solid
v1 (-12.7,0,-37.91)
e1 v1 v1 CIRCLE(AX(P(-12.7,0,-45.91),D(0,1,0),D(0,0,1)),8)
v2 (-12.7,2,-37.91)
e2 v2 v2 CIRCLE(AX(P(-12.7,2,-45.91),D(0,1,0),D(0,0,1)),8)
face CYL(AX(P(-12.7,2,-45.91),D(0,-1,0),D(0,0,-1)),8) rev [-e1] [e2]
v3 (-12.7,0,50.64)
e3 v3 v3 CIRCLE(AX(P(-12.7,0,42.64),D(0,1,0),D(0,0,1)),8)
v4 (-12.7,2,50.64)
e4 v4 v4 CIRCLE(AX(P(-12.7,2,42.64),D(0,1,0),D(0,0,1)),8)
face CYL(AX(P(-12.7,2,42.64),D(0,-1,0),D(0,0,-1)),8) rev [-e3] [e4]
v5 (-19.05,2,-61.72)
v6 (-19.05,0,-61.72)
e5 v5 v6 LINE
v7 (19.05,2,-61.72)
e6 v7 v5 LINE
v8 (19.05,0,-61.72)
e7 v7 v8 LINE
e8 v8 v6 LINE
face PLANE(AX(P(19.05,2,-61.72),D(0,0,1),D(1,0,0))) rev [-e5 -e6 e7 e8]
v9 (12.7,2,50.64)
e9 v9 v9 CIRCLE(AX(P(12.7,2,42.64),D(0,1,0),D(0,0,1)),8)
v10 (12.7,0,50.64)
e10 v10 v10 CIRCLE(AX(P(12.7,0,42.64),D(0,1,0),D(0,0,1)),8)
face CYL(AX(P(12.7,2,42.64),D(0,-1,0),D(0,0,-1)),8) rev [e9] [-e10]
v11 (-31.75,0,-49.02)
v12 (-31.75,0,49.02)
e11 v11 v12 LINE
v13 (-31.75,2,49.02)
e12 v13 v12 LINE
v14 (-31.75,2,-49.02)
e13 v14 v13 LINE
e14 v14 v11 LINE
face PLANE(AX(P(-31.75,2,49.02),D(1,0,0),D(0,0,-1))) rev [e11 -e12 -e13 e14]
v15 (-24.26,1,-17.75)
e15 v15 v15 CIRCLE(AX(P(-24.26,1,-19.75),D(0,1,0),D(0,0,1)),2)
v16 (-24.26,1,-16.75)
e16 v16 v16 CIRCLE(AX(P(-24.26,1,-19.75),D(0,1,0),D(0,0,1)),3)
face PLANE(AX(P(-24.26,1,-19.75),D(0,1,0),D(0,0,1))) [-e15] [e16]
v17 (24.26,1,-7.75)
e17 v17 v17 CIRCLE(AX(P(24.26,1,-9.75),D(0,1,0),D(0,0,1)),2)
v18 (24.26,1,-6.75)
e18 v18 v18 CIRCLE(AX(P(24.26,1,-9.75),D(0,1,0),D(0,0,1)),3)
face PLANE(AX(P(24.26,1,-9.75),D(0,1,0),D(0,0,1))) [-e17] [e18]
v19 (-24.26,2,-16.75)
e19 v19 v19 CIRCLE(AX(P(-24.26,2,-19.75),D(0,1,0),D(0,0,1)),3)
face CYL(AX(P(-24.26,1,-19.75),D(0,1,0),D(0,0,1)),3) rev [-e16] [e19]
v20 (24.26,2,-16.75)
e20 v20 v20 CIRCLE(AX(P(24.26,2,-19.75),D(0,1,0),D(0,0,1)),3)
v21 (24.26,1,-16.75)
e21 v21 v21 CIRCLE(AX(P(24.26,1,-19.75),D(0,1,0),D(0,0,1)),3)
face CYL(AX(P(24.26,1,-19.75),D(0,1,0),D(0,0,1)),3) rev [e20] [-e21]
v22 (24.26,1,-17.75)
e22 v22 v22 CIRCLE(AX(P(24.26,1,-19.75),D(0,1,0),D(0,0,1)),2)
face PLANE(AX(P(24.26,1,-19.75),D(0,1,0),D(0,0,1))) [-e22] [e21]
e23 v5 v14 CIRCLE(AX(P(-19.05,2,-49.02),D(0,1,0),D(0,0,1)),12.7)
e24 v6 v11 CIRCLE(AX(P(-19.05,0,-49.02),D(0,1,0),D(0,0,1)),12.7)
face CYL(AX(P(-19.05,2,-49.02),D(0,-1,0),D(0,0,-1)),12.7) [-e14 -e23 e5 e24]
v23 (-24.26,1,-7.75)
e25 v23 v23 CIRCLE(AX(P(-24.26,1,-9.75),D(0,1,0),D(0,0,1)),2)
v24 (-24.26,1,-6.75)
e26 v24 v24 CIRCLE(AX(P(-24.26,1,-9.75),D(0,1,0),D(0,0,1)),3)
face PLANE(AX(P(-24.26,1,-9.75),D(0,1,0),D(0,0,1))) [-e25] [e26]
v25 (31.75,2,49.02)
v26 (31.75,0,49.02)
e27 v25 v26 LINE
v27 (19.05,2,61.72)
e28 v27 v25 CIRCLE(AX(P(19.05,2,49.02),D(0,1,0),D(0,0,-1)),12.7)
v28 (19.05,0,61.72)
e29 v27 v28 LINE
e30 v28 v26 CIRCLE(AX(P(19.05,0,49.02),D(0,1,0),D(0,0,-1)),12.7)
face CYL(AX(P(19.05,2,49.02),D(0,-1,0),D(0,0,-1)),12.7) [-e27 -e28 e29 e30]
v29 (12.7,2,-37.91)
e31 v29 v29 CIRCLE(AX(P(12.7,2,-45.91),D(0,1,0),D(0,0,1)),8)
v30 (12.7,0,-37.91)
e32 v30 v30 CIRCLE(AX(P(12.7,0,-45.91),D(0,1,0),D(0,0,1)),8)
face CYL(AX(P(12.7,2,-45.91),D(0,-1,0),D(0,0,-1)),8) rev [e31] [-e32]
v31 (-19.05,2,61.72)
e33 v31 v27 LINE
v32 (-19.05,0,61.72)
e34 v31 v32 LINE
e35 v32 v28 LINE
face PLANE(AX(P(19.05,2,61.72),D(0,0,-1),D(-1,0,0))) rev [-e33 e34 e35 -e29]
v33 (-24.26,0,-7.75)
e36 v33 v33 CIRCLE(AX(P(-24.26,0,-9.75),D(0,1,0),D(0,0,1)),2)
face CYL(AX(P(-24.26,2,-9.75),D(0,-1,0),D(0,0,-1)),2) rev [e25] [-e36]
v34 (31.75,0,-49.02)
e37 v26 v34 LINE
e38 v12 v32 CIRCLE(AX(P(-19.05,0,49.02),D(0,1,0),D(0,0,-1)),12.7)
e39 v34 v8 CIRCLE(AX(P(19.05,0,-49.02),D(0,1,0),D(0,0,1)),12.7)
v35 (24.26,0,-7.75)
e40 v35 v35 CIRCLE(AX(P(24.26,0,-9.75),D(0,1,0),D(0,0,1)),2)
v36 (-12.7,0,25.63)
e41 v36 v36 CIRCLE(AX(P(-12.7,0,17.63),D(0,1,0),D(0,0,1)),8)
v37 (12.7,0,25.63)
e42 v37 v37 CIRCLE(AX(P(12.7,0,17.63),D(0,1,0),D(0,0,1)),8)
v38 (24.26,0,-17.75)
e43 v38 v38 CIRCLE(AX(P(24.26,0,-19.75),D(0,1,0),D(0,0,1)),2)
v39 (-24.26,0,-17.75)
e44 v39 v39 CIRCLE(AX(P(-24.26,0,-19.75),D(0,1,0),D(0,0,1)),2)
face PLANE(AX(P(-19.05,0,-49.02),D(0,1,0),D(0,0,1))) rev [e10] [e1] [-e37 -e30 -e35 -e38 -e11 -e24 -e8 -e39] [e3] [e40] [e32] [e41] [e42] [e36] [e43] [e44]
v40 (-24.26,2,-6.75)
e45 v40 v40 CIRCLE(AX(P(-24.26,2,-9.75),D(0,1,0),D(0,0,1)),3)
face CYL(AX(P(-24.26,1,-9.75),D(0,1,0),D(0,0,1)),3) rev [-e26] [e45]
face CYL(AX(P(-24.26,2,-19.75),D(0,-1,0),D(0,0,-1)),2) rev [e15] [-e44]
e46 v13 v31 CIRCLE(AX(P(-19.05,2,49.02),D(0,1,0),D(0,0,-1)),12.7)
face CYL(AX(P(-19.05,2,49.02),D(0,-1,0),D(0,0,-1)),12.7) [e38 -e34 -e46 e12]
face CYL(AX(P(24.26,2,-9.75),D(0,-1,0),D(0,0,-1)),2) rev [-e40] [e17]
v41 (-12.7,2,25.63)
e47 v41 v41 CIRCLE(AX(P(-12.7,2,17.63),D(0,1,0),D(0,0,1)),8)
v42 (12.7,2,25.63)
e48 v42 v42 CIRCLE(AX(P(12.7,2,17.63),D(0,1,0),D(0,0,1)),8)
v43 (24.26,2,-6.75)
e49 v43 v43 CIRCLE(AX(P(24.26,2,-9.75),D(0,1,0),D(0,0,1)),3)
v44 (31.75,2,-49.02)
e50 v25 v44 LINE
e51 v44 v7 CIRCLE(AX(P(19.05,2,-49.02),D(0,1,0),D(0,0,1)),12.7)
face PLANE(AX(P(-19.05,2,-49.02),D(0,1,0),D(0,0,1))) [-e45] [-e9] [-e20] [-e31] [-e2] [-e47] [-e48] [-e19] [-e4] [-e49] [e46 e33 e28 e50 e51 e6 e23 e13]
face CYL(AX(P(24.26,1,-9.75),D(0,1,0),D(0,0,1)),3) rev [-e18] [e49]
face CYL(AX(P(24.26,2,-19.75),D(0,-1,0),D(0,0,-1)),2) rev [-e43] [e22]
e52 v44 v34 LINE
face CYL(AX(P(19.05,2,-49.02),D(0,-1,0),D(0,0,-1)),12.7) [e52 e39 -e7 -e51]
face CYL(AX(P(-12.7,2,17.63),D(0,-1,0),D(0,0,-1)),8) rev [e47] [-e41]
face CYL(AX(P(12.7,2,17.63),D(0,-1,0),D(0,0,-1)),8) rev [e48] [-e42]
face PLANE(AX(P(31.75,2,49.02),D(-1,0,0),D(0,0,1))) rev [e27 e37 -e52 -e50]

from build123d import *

# Parameters (mm, degrees)
SKETCH1_R           = 8
SKETCH1_R_2         = 2
BOSS_EXTRUDE1_DEPTH = 2
SKETCH2_R           = 3
CUT_EXTRUDE1_DEPTH  = 1


with BuildPart() as part:
    # Sketch1 → Boss-Extrude1 (new body)
    with BuildSketch(Plane(origin=(0, 0, 0), x_dir=(1, 0, 0), z_dir=(0, 1, 0))):
        with BuildLine():
            Line((19.05, -61.72), (-19.05, -61.72))
            ThreePointArc((-19.05, -61.72), (-28.030256121, -58.000256121), (-31.75, -49.02))
            Line((-31.75, -49.02), (-31.75, 49.02))
            ThreePointArc((-31.75, 49.02), (-28.030256121, 58.000256121), (-19.05, 61.72))
            Line((-19.05, 61.72), (19.05, 61.72))
            ThreePointArc((19.05, 61.72), (28.030256121, 58.000256121), (31.75, 49.02))
            Line((31.75, 49.02), (31.75, -49.02))
            ThreePointArc((31.75, -49.02), (28.030256121, -58.000256121), (19.05, -61.72))
        make_face()
        with Locations((-12.7, 45.91)):
            Circle(SKETCH1_R, mode=Mode.SUBTRACT)
        with Locations((12.7, 45.91)):
            Circle(SKETCH1_R, mode=Mode.SUBTRACT)
        with Locations((-12.7, -42.64)):
            Circle(SKETCH1_R, mode=Mode.SUBTRACT)
        with Locations((12.7, -42.64)):
            Circle(SKETCH1_R, mode=Mode.SUBTRACT)
        with Locations((12.7, -17.63)):
            Circle(SKETCH1_R, mode=Mode.SUBTRACT)
        with Locations((-12.7, -17.63)):
            Circle(SKETCH1_R, mode=Mode.SUBTRACT)
        with Locations((-24.26, 19.75)):
            Circle(SKETCH1_R_2, mode=Mode.SUBTRACT)
        with Locations((-24.26, 9.75)):
            Circle(SKETCH1_R_2, mode=Mode.SUBTRACT)
        with Locations((24.26, 19.75)):
            Circle(SKETCH1_R_2, mode=Mode.SUBTRACT)
        with Locations((24.26, 9.75)):
            Circle(SKETCH1_R_2, mode=Mode.SUBTRACT)
    extrude(amount=BOSS_EXTRUDE1_DEPTH)

    # Sketch2 → Cut-Extrude1 (cut)
    with BuildSketch(Plane(origin=(0, 2, 0), x_dir=(1, 0, 0), z_dir=(0, 1, 0))):
        with Locations((-24.26, 19.75)):
            Circle(SKETCH2_R)
        with Locations((-24.26, 9.75)):
            Circle(SKETCH2_R)
        with Locations((24.26, 19.75)):
            Circle(SKETCH2_R)
        with Locations((24.26, 9.75)):
            Circle(SKETCH2_R)
    extrude(amount=-CUT_EXTRUDE1_DEPTH, mode=Mode.SUBTRACT)


solid = part.part
